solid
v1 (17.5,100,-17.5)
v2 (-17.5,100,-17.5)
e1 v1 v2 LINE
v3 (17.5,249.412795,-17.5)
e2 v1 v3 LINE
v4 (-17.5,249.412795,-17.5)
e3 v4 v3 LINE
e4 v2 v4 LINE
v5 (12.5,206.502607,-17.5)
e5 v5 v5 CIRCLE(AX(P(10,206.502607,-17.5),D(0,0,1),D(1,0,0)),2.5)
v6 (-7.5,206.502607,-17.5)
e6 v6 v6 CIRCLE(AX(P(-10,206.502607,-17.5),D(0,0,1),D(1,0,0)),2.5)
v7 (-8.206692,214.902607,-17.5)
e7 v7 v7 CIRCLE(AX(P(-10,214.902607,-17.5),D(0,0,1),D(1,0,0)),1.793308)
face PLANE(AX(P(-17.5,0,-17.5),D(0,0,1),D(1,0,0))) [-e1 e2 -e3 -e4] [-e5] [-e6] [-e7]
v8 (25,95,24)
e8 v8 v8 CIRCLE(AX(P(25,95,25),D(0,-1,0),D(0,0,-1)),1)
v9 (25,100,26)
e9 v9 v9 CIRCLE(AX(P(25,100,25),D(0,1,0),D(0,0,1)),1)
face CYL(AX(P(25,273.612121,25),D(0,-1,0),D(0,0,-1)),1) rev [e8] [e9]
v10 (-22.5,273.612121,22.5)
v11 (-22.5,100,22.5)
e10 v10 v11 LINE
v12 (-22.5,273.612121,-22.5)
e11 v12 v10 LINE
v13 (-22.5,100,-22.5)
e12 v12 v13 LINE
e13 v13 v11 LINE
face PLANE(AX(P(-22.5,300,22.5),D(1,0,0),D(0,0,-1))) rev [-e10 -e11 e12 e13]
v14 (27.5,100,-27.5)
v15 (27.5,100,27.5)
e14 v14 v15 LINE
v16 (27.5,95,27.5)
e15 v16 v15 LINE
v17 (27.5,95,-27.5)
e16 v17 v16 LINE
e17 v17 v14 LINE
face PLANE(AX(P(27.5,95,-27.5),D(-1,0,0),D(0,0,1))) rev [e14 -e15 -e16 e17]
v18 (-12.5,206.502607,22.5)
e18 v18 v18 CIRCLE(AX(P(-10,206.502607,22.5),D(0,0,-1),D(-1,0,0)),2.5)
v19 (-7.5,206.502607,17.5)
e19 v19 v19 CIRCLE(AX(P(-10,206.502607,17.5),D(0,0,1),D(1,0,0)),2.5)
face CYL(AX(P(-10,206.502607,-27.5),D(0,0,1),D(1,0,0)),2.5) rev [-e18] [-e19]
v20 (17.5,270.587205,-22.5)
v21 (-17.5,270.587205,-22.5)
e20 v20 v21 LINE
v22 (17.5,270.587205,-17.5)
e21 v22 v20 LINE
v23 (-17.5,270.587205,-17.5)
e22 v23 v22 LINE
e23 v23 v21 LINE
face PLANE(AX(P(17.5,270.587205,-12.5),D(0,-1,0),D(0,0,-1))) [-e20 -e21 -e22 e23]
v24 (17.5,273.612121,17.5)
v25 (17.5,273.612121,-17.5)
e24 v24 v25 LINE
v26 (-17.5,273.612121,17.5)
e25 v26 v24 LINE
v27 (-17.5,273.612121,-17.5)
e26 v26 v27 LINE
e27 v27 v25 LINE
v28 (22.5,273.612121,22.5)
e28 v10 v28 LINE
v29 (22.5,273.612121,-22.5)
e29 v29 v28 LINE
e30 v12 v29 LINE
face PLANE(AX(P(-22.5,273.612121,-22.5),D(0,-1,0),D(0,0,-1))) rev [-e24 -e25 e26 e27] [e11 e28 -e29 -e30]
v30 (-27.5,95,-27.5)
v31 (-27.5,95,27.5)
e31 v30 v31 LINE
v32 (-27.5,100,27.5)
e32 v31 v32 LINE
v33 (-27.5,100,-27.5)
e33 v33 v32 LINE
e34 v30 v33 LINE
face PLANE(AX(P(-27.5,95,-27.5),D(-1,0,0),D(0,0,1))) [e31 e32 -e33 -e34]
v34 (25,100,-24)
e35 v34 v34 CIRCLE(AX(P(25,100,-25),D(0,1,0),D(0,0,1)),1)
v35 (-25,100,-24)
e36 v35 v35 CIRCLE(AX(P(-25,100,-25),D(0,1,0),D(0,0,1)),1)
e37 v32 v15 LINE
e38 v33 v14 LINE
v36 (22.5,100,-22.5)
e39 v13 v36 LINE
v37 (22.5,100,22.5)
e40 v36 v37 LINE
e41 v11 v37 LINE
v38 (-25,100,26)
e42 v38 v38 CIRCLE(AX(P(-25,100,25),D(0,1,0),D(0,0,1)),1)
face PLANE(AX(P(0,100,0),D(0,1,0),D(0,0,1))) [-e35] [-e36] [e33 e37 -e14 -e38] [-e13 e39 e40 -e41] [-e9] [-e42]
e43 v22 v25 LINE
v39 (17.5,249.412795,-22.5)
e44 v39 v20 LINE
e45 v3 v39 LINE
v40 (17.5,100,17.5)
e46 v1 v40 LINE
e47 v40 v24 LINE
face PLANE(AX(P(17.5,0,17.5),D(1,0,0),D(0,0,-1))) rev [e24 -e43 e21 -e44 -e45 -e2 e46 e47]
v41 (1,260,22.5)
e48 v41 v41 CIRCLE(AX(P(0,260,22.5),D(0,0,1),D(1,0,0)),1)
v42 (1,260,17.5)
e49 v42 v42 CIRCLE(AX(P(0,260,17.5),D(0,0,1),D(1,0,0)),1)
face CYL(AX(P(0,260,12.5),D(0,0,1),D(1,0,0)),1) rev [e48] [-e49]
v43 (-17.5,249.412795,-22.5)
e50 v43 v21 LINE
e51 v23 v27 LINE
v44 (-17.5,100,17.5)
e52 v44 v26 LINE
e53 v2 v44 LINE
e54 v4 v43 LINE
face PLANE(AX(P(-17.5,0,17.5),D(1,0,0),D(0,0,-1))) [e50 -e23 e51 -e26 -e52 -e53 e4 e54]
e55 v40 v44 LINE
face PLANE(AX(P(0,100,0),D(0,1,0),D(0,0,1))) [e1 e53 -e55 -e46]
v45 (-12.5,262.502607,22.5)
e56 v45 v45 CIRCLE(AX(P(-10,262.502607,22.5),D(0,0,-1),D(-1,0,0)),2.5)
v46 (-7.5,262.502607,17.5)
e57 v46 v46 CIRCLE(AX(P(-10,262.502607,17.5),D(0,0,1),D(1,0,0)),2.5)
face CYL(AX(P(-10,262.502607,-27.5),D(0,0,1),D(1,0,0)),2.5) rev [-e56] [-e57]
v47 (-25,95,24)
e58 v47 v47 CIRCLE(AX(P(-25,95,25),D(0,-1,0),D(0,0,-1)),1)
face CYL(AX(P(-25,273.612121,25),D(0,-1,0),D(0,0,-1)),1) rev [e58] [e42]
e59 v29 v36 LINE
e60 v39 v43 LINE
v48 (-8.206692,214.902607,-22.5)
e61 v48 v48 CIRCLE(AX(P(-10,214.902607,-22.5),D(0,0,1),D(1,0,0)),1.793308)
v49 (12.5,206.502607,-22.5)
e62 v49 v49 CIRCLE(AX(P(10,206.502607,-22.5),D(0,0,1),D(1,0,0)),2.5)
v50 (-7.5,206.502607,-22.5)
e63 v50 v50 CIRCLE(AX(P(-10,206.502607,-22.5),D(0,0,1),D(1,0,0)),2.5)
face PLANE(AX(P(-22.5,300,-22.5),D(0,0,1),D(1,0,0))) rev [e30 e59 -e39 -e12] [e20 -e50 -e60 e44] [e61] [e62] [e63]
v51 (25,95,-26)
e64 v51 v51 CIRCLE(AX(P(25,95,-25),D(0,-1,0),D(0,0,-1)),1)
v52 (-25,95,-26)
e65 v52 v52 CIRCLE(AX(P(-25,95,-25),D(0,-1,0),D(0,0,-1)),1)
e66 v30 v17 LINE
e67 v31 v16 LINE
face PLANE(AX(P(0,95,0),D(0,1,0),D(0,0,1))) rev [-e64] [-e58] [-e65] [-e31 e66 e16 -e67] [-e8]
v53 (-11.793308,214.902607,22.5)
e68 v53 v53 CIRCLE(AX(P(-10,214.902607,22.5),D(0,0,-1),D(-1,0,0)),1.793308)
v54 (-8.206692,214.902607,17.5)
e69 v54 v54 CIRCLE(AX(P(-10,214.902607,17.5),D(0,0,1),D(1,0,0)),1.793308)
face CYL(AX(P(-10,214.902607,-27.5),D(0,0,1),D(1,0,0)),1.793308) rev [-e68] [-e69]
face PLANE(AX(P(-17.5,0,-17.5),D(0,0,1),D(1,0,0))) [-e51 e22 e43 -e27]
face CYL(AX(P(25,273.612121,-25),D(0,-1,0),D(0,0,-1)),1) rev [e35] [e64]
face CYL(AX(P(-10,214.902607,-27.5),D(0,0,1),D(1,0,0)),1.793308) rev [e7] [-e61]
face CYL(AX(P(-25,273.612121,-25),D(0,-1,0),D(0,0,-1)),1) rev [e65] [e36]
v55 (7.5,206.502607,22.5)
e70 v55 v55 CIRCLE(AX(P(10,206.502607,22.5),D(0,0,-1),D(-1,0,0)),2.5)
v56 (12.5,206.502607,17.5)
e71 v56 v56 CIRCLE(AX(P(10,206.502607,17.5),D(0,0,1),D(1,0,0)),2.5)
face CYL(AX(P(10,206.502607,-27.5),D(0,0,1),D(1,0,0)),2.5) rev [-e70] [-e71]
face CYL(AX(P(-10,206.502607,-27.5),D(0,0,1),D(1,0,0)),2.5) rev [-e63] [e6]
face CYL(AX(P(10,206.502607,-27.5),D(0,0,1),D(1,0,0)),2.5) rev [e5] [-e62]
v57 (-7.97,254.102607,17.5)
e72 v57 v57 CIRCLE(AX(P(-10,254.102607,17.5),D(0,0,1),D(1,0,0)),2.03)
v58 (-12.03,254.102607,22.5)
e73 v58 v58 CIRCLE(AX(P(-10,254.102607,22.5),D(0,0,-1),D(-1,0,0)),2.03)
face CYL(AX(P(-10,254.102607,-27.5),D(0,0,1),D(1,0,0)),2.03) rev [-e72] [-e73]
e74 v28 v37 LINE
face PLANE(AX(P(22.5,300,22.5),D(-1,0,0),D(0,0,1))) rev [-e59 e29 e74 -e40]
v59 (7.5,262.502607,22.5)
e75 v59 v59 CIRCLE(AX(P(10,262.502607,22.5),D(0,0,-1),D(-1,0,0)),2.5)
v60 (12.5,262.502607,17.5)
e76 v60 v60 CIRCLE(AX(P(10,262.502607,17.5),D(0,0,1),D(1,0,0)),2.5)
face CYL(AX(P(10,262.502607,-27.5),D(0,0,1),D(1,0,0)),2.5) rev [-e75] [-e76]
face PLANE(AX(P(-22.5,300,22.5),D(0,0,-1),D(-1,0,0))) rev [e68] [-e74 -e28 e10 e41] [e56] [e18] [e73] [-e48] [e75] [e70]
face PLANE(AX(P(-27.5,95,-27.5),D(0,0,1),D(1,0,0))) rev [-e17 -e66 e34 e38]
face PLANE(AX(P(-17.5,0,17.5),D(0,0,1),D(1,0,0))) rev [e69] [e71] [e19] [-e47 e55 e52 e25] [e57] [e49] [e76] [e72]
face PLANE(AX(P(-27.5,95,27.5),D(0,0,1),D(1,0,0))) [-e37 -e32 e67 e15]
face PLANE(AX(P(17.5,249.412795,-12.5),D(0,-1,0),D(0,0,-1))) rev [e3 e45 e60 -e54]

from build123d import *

# Parameters (mm, degrees)
CROQUIS1_W                 = 45
CROQUIS1_H                 = 45
SALIENTE_EXTRUIR1_DEPTH    = 300
CROQUIS4_W                 = 18
CROQUIS4_H                 = 34
CORTAR_EXTRUIR2_DEPTH      = 46
CROQUIS8_W                 = 35
CROQUIS8_H                 = 35
CORTAR_EXTRUIR3_DEPTH      = 301
CROQUIS9_W                 = 35
CROQUIS9_H                 = 21.174410022
CORTAR_EXTRUIR4_DEPTH      = 10
CROQUIS10_R                = 1
CORTAR_EXTRUIR5_DEPTH      = 10
CROQUIS11_W                = 45
CROQUIS11_H                = 26.387879272
CORTAR_EXTRUIR6_DEPTH      = 46
CROQUIS13_W                = 45
CROQUIS13_H                = 100
CORTAR_EXTRUIR7_DEPTH      = 23.5
CORTAR_EXTRUIR7_DEPTH_BACK = 23.5
CROQUIS14_W                = 55
CROQUIS14_H                = 55
SALIENTE_EXTRUIR2_DEPTH    = 5
CROQUIS16_R                = 1
CORTAR_EXTRUIR8_DEPTH      = 1
CORTAR_EXTRUIR8_DEPTH_BACK = 179.612120728
CROQUIS17_R                = 2.5
CROQUIS17_R_2              = 2.03
CROQUIS17_R_3              = 1.793308219
CORTAR_EXTRUIR9_DEPTH      = 6
CORTAR_EXTRUIR9_DEPTH_BACK = 51


with BuildPart() as part:
    # Croquis1 → Saliente-Extruir1 (new body)
    with BuildSketch(Plane(origin=(0, 0, 0), x_dir=(1, 0, 0), z_dir=(0, 1, 0))):
        Rectangle(CROQUIS1_W, CROQUIS1_H)
    extrude(amount=SALIENTE_EXTRUIR1_DEPTH)

    # Croquis4 → Cortar-Extruir2 (cut, through all)
    with BuildSketch(Plane.ZY.offset(22.5)):
        with Locations((13.5, 17)):
            Rectangle(CROQUIS4_W, CROQUIS4_H)
    extrude(amount=-CORTAR_EXTRUIR2_DEPTH, mode=Mode.SUBTRACT)

    # Croquis8 → Cortar-Extruir3 (cut, through all)
    with BuildSketch(Plane(origin=(0, 300, 0), x_dir=(1, 0, 0), z_dir=(0, 1, 0))):
        Rectangle(CROQUIS8_W, CROQUIS8_H)
    extrude(amount=-CORTAR_EXTRUIR3_DEPTH, mode=Mode.SUBTRACT)

    # Croquis9 → Cortar-Extruir4 (cut)
    with BuildSketch(Plane(origin=(0, 0, -22.5), x_dir=(-1, 0, 0), z_dir=(0, 0, -1))):
        with Locations((0, 260)):
            Rectangle(CROQUIS9_W, CROQUIS9_H)
    extrude(amount=-CORTAR_EXTRUIR4_DEPTH, mode=Mode.SUBTRACT)

    # Croquis10 → Cortar-Extruir5 (cut)
    with BuildSketch(Plane.XY.offset(22.5)):
        with Locations((0, 260)):
            Circle(CROQUIS10_R)
    extrude(amount=-CORTAR_EXTRUIR5_DEPTH, mode=Mode.SUBTRACT)

    # Croquis11 → Cortar-Extruir6 (cut, through all)
    with BuildSketch(Plane.XY.offset(22.5)):
        with Locations((0, 286.806060364)):
            Rectangle(CROQUIS11_W, CROQUIS11_H)
    extrude(amount=-CORTAR_EXTRUIR6_DEPTH, mode=Mode.SUBTRACT)

    # Croquis13 → Cortar-Extruir7 (cut, two sides)
    with BuildSketch(Plane(origin=(0, 0, 0), x_dir=(0, 0, -1), z_dir=(1, 0, 0))) as cortar_extruir7_sk:
        with Locations((0, 50)):
            Rectangle(CROQUIS13_W, CROQUIS13_H)
    extrude(amount=CORTAR_EXTRUIR7_DEPTH, mode=Mode.SUBTRACT)
    extrude(cortar_extruir7_sk.sketch, amount=-CORTAR_EXTRUIR7_DEPTH_BACK, mode=Mode.SUBTRACT)

    # Croquis14 → Saliente-Extruir2 (add)
    with BuildSketch(Plane.XZ.offset(-100)):
        Rectangle(CROQUIS14_W, CROQUIS14_H)
    extrude(amount=SALIENTE_EXTRUIR2_DEPTH)

    # Croquis16 → Cortar-Extruir8 (cut, two sides)
    with BuildSketch(Plane.XZ.offset(-95)) as cortar_extruir8_sk:
        with Locations((25, 25)):
            Circle(CROQUIS16_R)
        with Locations((-25, 25)):
            Circle(CROQUIS16_R)
        with Locations((-25, -25)):
            Circle(CROQUIS16_R)
        with Locations((25, -25)):
            Circle(CROQUIS16_R)
    extrude(amount=CORTAR_EXTRUIR8_DEPTH, mode=Mode.SUBTRACT)
    extrude(cortar_extruir8_sk.sketch, amount=-CORTAR_EXTRUIR8_DEPTH_BACK, mode=Mode.SUBTRACT)

    # Croquis17 → Cortar-Extruir9 (cut, two sides)
    with BuildSketch(Plane.XY.offset(22.5)) as cortar_extruir9_sk:
        with Locations((-10, 262.50260741)):
            Circle(CROQUIS17_R)
        with Locations((-10, 254.10260741)):
            Circle(CROQUIS17_R_2)
        with Locations((-10, 214.90260741)):
            Circle(CROQUIS17_R_3)
        with Locations((-10, 206.50260741)):
            Circle(CROQUIS17_R)
        with Locations((10, 262.50260741)):
            Circle(CROQUIS17_R)
        with Locations((10, 206.50260741)):
            Circle(CROQUIS17_R)
    extrude(amount=CORTAR_EXTRUIR9_DEPTH, mode=Mode.SUBTRACT)
    extrude(cortar_extruir9_sk.sketch, amount=-CORTAR_EXTRUIR9_DEPTH_BACK, mode=Mode.SUBTRACT)


solid = part.part
